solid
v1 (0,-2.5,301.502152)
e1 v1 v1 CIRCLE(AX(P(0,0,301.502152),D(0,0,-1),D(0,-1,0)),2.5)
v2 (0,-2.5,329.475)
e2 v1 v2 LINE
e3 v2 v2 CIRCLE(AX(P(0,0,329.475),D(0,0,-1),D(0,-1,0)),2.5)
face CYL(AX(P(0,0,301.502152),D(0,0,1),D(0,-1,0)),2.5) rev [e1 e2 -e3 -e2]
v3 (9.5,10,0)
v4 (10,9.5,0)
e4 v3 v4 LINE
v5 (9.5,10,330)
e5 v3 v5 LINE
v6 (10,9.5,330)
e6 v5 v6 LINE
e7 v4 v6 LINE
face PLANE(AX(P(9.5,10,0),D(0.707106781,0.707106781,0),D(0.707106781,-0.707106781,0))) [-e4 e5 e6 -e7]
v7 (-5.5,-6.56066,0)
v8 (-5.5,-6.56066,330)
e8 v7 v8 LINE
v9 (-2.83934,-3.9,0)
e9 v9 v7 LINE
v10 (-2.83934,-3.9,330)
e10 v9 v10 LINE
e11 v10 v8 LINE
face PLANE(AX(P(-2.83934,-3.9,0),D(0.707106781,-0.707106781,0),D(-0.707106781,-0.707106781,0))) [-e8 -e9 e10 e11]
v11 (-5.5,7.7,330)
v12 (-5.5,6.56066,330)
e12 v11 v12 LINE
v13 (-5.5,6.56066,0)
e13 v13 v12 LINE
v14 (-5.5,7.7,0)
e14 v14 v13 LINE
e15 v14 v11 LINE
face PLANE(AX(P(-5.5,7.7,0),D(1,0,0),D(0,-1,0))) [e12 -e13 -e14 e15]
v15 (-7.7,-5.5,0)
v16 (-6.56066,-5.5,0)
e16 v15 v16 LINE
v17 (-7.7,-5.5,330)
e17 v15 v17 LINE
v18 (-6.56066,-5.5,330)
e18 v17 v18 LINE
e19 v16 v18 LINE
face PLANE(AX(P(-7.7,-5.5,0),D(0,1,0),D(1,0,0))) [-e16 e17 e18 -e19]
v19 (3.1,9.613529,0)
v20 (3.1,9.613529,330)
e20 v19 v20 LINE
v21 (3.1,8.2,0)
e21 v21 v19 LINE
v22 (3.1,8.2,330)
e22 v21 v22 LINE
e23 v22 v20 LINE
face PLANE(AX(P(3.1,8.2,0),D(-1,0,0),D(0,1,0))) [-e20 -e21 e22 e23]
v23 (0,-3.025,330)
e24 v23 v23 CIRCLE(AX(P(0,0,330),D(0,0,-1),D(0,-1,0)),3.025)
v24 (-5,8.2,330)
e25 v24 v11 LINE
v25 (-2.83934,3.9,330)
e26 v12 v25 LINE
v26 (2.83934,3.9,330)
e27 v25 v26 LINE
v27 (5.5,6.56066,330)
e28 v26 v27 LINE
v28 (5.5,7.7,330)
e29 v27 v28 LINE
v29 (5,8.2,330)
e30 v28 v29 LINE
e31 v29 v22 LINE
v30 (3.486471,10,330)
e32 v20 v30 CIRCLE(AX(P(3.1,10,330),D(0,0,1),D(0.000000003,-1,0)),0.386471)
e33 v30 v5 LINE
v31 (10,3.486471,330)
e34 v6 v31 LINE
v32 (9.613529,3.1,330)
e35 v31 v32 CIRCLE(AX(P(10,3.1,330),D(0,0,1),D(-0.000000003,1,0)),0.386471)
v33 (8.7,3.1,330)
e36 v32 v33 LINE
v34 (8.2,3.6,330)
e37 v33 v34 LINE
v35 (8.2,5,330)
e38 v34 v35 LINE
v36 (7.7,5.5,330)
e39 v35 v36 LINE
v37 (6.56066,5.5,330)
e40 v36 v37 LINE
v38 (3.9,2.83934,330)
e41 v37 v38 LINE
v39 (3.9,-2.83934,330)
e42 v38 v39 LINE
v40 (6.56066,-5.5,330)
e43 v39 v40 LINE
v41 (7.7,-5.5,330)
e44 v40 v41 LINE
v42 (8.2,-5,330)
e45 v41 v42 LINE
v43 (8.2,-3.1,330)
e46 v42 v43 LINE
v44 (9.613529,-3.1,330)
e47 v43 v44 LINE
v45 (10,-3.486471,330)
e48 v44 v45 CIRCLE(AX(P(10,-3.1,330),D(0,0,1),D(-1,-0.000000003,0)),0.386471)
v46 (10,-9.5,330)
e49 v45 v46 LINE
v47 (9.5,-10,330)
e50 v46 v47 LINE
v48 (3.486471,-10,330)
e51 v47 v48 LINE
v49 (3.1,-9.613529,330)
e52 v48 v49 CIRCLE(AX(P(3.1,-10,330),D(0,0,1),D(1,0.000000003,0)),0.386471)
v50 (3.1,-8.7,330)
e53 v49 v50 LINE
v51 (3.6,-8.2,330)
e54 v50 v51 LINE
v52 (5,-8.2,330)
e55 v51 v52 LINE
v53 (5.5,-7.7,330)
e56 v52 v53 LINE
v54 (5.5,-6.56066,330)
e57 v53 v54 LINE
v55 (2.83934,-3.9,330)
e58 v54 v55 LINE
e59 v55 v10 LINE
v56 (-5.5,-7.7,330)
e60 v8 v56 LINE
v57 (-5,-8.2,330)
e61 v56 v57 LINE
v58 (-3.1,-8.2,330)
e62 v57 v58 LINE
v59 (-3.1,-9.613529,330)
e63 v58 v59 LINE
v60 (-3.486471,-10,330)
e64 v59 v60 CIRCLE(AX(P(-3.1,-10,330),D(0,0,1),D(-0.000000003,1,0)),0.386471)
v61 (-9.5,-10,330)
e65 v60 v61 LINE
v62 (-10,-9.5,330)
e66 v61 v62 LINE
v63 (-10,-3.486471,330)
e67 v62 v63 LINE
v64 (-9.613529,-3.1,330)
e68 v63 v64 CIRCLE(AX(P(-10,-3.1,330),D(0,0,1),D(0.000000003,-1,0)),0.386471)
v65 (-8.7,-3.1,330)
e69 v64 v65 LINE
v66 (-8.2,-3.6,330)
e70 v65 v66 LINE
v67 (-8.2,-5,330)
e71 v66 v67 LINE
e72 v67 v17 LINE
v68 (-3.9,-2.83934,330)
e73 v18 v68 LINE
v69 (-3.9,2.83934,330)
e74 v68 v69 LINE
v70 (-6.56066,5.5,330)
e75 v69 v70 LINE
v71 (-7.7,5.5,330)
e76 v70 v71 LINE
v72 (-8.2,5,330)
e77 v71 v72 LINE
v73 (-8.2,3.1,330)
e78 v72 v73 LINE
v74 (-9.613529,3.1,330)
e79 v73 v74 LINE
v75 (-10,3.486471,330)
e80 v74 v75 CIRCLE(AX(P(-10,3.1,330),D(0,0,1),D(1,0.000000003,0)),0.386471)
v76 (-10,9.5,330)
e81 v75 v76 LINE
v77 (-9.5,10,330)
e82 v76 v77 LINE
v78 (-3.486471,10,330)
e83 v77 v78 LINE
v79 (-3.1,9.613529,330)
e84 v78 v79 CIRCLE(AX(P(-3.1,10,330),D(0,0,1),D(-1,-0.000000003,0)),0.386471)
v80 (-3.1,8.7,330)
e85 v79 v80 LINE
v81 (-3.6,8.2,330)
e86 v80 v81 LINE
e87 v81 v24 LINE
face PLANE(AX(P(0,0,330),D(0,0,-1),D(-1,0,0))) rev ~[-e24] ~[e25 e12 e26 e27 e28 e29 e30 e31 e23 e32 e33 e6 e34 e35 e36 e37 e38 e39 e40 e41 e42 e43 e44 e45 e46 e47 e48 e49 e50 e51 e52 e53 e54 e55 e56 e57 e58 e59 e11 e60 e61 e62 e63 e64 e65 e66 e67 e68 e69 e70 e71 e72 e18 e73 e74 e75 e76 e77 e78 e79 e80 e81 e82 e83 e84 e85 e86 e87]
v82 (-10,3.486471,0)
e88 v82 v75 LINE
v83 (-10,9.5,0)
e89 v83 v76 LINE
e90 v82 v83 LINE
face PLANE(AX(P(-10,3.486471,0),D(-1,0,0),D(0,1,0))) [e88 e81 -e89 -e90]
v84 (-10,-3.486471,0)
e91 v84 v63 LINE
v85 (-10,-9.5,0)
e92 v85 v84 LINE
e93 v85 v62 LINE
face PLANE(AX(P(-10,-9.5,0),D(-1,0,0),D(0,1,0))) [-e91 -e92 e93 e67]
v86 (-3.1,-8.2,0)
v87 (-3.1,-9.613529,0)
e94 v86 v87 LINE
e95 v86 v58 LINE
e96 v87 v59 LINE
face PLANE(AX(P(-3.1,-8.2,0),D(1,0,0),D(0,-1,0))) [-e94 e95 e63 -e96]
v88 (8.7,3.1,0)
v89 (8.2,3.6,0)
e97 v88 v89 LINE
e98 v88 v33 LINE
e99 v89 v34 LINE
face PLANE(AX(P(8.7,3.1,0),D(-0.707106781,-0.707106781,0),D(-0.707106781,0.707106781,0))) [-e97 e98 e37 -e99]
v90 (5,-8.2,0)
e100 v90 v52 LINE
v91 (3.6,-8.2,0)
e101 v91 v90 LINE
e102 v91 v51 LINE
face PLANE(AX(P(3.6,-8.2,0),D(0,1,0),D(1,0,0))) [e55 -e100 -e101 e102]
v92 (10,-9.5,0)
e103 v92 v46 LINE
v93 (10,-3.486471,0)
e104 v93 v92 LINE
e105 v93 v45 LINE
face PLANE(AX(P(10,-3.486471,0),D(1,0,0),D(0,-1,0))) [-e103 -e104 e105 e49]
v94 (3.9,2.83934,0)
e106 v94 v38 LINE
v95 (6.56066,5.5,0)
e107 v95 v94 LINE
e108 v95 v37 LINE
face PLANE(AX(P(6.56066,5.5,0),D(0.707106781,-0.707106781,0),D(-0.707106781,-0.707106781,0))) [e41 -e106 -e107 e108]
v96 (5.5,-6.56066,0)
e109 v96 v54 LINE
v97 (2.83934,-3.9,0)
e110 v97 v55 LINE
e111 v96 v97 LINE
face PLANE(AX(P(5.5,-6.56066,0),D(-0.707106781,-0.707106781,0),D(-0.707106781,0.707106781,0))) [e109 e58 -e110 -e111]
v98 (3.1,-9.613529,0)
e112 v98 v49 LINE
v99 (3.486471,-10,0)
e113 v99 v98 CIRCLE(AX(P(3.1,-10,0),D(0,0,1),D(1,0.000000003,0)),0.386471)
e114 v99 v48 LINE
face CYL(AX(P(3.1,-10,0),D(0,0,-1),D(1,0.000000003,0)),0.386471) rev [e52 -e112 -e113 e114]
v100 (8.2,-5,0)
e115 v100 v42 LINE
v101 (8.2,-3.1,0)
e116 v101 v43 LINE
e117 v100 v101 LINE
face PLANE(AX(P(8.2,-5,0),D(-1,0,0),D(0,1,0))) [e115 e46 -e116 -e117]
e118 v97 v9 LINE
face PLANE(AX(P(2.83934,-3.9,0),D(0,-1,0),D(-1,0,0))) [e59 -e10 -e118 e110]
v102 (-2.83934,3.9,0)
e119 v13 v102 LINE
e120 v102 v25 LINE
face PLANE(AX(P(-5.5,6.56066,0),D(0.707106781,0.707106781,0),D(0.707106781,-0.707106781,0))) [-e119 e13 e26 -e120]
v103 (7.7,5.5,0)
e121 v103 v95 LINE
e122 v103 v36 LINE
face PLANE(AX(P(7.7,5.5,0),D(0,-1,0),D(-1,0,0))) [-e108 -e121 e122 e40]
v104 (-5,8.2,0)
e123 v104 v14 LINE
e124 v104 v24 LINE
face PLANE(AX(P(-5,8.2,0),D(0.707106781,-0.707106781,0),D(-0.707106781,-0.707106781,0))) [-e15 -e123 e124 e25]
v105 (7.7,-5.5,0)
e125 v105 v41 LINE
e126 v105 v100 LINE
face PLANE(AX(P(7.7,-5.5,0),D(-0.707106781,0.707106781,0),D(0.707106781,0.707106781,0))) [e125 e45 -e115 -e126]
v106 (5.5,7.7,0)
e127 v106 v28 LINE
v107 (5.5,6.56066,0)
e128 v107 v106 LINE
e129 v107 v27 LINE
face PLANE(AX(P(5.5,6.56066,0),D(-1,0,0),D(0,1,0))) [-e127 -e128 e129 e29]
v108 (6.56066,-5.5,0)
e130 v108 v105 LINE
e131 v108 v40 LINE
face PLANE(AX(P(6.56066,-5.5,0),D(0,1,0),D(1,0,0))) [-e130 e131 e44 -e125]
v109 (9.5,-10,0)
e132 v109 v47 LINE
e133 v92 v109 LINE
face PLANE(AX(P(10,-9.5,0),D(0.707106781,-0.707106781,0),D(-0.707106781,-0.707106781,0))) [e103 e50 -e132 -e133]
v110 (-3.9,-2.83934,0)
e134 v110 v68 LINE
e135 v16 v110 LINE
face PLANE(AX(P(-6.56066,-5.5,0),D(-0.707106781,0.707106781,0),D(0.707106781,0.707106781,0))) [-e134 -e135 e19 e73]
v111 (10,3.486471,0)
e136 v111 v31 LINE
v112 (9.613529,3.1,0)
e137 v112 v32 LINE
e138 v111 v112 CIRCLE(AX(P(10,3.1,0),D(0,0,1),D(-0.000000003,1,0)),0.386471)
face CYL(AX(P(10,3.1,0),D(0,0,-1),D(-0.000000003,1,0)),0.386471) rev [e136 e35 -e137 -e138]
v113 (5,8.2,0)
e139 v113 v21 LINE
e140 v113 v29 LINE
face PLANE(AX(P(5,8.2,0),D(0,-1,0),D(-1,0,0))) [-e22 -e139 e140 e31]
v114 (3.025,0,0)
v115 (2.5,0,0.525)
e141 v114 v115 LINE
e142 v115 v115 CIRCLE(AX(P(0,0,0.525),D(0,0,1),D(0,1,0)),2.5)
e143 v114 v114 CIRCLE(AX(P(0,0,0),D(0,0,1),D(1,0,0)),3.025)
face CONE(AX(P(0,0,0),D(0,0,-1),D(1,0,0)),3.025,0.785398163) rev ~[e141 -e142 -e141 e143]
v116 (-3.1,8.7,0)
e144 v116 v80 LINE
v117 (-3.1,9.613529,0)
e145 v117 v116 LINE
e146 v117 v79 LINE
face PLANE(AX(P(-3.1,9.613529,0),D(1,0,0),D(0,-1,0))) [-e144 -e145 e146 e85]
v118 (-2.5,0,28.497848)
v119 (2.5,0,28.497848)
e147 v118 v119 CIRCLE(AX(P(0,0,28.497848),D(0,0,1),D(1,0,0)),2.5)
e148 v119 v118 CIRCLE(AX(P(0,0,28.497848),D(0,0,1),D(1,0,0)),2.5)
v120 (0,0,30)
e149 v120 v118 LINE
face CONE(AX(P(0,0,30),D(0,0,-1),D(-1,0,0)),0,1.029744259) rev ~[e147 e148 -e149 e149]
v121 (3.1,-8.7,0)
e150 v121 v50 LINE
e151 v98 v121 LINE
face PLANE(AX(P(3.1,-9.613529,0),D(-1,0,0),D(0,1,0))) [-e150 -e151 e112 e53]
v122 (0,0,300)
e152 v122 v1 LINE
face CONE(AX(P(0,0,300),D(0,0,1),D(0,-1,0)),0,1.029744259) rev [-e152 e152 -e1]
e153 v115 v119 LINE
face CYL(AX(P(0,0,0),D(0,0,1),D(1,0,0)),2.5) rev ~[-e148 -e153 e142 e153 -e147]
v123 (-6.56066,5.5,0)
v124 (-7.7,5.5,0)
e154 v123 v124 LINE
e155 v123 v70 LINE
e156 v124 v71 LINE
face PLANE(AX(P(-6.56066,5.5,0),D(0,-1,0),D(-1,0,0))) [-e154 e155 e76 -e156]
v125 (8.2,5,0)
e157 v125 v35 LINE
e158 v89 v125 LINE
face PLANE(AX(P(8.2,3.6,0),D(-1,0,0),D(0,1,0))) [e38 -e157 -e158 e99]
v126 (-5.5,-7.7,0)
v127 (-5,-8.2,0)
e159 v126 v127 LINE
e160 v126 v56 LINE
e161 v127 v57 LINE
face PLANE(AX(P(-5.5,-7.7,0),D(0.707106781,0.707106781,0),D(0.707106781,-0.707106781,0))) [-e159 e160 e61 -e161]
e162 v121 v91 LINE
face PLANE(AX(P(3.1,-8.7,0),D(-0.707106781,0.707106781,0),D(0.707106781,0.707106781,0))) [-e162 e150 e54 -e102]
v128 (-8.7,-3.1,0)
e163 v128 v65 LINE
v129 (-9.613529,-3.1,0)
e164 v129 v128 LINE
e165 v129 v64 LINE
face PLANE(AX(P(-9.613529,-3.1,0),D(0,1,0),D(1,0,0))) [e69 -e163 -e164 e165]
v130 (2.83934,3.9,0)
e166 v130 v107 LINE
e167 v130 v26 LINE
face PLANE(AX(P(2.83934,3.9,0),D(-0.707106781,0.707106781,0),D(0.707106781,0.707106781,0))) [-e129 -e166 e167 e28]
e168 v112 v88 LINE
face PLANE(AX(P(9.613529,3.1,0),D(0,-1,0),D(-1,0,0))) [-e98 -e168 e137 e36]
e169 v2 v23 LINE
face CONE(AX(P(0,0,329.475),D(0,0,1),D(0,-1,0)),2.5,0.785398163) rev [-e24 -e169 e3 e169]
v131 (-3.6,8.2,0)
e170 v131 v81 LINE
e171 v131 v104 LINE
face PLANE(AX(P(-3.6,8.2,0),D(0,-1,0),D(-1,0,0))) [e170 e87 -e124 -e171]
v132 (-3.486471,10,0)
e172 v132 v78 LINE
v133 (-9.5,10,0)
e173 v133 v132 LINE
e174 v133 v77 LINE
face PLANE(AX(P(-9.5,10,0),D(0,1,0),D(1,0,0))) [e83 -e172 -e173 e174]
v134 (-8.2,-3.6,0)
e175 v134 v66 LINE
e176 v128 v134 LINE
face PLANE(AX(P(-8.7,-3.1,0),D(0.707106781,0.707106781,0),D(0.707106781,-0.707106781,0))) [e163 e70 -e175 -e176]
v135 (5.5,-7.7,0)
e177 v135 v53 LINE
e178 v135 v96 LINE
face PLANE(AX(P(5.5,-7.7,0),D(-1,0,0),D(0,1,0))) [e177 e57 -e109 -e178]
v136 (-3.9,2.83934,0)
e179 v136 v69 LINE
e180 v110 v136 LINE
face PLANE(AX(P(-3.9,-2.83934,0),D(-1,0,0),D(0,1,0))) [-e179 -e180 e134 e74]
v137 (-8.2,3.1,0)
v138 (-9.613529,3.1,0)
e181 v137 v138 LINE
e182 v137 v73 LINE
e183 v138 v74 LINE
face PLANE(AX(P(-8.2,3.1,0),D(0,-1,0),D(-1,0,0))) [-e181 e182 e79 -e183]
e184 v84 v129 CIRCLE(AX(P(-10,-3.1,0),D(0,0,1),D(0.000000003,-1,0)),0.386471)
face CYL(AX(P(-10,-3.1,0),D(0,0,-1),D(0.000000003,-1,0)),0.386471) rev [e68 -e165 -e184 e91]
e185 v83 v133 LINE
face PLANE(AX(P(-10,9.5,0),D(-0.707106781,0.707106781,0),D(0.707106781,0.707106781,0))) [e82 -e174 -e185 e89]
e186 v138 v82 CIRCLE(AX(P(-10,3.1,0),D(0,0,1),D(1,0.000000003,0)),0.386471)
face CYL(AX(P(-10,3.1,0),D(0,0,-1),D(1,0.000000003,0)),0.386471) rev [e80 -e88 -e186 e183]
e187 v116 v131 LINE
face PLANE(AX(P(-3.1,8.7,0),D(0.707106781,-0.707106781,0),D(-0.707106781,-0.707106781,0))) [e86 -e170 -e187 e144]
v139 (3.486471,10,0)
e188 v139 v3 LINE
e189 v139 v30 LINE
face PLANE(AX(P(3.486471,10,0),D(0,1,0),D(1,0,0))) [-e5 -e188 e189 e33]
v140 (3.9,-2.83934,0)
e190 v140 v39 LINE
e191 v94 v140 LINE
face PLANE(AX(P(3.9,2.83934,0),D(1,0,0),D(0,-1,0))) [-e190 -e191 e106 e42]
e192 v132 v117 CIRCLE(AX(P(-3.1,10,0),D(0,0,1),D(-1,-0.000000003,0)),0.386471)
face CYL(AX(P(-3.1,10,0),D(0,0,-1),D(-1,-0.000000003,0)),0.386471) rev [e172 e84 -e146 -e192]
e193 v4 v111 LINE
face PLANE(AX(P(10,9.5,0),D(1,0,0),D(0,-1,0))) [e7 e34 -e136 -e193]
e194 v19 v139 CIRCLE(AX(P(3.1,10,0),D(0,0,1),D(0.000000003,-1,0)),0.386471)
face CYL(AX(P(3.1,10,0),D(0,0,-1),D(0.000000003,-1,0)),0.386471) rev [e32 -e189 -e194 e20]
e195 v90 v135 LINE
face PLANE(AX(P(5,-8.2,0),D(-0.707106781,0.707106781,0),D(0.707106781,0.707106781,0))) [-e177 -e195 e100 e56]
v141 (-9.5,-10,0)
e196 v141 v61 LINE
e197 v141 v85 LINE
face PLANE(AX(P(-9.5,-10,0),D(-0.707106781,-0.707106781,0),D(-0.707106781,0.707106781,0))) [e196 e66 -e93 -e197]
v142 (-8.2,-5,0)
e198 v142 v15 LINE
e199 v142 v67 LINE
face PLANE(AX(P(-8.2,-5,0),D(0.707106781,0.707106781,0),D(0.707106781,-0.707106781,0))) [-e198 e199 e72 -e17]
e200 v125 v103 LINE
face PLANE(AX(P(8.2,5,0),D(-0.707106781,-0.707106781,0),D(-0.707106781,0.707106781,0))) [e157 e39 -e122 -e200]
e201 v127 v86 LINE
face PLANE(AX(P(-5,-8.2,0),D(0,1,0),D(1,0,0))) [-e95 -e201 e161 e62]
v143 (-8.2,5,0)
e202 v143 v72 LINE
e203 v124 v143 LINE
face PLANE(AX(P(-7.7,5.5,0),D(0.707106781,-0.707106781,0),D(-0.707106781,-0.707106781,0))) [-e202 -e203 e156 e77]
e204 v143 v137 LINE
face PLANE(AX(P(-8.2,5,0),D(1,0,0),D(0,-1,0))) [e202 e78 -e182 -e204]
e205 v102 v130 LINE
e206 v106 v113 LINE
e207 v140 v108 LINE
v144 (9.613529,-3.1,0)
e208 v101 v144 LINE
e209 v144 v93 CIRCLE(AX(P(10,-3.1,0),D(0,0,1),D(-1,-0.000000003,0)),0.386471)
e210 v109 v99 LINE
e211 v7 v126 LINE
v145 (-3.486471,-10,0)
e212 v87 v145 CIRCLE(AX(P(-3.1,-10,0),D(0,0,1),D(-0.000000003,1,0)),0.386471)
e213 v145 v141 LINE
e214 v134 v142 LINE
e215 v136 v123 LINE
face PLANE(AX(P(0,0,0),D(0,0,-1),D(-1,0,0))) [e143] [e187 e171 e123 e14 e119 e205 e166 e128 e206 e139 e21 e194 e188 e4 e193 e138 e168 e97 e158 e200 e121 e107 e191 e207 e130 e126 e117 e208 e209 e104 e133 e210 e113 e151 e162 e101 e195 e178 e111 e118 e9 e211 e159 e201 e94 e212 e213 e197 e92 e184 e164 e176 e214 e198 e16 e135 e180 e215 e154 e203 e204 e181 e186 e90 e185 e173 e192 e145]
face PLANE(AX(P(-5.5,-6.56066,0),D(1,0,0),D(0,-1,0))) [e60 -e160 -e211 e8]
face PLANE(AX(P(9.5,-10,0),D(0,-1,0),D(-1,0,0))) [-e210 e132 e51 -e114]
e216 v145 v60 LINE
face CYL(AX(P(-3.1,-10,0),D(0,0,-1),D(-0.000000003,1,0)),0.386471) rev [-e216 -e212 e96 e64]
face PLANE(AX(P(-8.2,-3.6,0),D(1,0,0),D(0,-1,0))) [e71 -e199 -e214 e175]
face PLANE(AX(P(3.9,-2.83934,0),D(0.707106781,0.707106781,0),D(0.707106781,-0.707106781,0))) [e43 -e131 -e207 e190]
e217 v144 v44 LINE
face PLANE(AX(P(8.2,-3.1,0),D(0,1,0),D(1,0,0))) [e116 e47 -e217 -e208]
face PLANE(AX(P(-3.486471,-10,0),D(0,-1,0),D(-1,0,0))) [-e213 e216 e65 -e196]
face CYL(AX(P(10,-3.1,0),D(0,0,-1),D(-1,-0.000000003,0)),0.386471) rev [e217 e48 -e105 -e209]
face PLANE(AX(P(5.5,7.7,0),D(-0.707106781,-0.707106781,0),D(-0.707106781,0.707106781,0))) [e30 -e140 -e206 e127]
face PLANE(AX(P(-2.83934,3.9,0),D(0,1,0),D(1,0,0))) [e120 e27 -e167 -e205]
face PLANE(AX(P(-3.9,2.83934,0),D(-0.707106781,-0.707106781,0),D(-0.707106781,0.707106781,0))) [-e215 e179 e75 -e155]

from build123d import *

# Parameters (mm, degrees)
BOSS_EXTRUDE1_DEPTH             = 330
M6X1_0_TAPPED_HOLE2_D           = 5
M6X1_0_TAPPED_HOLE2_DEPTH       = 28.497848452
M6X1_0_TAPPED_HOLE2_CSINK_D     = 6.05
M6X1_0_TAPPED_HOLE2_CSINK_ANGLE = 90
M6X1_0_TAPPED_HOLE2_TIP         = 1.502151548


with BuildPart() as part:
    # Sketch1 → Boss-Extrude1 (new body)
    with BuildSketch(Plane.XY):
        with BuildLine():
            Line((-9.5, 10), (-3.486470896, 10))
            ThreePointArc((-3.486470896, 10), (-3.373276191, 9.726723809), (-3.1, 9.613529104))
            Line((-3.1, 9.613529104), (-3.1, 8.7))
            Line((-3.1, 8.7), (-3.6, 8.2))
            Line((-3.6, 8.2), (-5, 8.2))
            Line((-5, 8.2), (-5.5, 7.7))
            Line((-5.5, 7.7), (-5.5, 6.560660172))
            Line((-5.5, 6.560660172), (-2.839339828, 3.9))
            Line((-2.839339828, 3.9), (0, 3.9))
            Line((0, 3.9), (2.839339828, 3.9))
            Line((2.839339828, 3.9), (5.5, 6.560660172))
            Line((5.5, 6.560660172), (5.5, 7.7))
            Line((5.5, 7.7), (5, 8.2))
            Line((5, 8.2), (3.1, 8.2))
            Line((3.1, 8.2), (3.1, 9.613529104))
            ThreePointArc((3.1, 9.613529104), (3.373276191, 9.726723809), (3.486470896, 10))
            Line((3.486470896, 10), (9.5, 10))
            Line((9.5, 10), (10, 9.5))
            Line((10, 9.5), (10, 3.486470896))
            ThreePointArc((10, 3.486470896), (9.726723809, 3.373276191), (9.613529104, 3.1))
            Line((9.613529104, 3.1), (8.7, 3.1))
            Line((8.7, 3.1), (8.2, 3.6))
            Line((8.2, 3.6), (8.2, 5))
            Line((8.2, 5), (7.7, 5.5))
            Line((7.7, 5.5), (6.560660172, 5.5))
            Line((6.560660172, 5.5), (3.9, 2.839339828))
            Line((3.9, 2.839339828), (3.9, 0))
            Line((3.9, 0), (3.9, -2.839339828))
            Line((3.9, -2.839339828), (6.560660172, -5.5))
            Line((6.560660172, -5.5), (7.7, -5.5))
            Line((7.7, -5.5), (8.2, -5))
            Line((8.2, -5), (8.2, -3.1))
            Line((8.2, -3.1), (9.613529104, -3.1))
            ThreePointArc((9.613529104, -3.1), (9.726723809, -3.373276191), (10, -3.486470896))
            Line((10, -3.486470896), (10, -9.5))
            Line((10, -9.5), (9.5, -10))
            Line((9.5, -10), (3.486470896, -10))
            ThreePointArc((3.486470896, -10), (3.373276191, -9.726723809), (3.1, -9.613529104))
            Line((3.1, -9.613529104), (3.1, -8.7))
            Line((3.1, -8.7), (3.6, -8.2))
            Line((3.6, -8.2), (5, -8.2))
            Line((5, -8.2), (5.5, -7.7))
            Line((5.5, -7.7), (5.5, -6.560660172))
            Line((5.5, -6.560660172), (2.839339828, -3.9))
            Line((2.839339828, -3.9), (0, -3.9))
            Line((0, -3.9), (-2.839339828, -3.9))
            Line((-2.839339828, -3.9), (-5.5, -6.560660172))
            Line((-5.5, -6.560660172), (-5.5, -7.7))
            Line((-5.5, -7.7), (-5, -8.2))
            Line((-5, -8.2), (-3.1, -8.2))
            Line((-3.1, -8.2), (-3.1, -9.613529104))
            ThreePointArc((-3.1, -9.613529104), (-3.373276191, -9.726723809), (-3.486470896, -10))
            Line((-3.486470896, -10), (-9.5, -10))
            Line((-9.5, -10), (-10, -9.5))
            Line((-10, -9.5), (-10, -3.486470896))
            ThreePointArc((-10, -3.486470896), (-9.726723809, -3.373276191), (-9.613529104, -3.1))
            Line((-9.613529104, -3.1), (-8.7, -3.1))
            Line((-8.7, -3.1), (-8.2, -3.6))
            Line((-8.2, -3.6), (-8.2, -5))
            Line((-8.2, -5), (-7.7, -5.5))
            Line((-7.7, -5.5), (-6.560660172, -5.5))
            Line((-6.560660172, -5.5), (-3.9, -2.839339828))
            Line((-3.9, -2.839339828), (-3.9, 0))
            Line((-3.9, 0), (-3.9, 2.839339828))
            Line((-3.9, 2.839339828), (-6.560660172, 5.5))
            Line((-6.560660172, 5.5), (-7.7, 5.5))
            Line((-7.7, 5.5), (-8.2, 5))
            Line((-8.2, 5), (-8.2, 3.1))
            Line((-8.2, 3.1), (-9.613529104, 3.1))
            ThreePointArc((-9.613529104, 3.1), (-9.726723809, 3.373276191), (-10, 3.486470896))
            Line((-10, 3.486470896), (-10, 9.5))
            Line((-10, 9.5), (-9.5, 10))
        make_face()
    extrude(amount=BOSS_EXTRUDE1_DEPTH)

    # Sketch2 → M6x1.0 Tapped Hole1 (revolve, cut)
    with BuildSketch(Plane(origin=(0, 0, 330), x_dir=(0, -1, 0), z_dir=(1, 0, 0))):
        Polygon((0, 0), (0, 30), (2.5, 28.497848452), (2.5, 0.525), (3.025, 0), align=None)
    revolve(axis=Axis((0, 0, 336.35), (0, 0, -1)), mode=Mode.SUBTRACT)

    # M6x1.0 Tapped Hole2
    with Locations(Plane(origin=(0, 0, 0), x_dir=(-1, 0, 0), z_dir=(0, 0, -1))):
        with Locations((0, 0)):
            CounterSinkHole(M6X1_0_TAPPED_HOLE2_D / 2, M6X1_0_TAPPED_HOLE2_CSINK_D / 2, depth=M6X1_0_TAPPED_HOLE2_DEPTH, counter_sink_angle=M6X1_0_TAPPED_HOLE2_CSINK_ANGLE)
            with Locations((0, 0, -(M6X1_0_TAPPED_HOLE2_DEPTH + M6X1_0_TAPPED_HOLE2_TIP / 2))):  # 118° drill point
                Cone(0, M6X1_0_TAPPED_HOLE2_D / 2, M6X1_0_TAPPED_HOLE2_TIP, mode=Mode.SUBTRACT)


solid = part.part
